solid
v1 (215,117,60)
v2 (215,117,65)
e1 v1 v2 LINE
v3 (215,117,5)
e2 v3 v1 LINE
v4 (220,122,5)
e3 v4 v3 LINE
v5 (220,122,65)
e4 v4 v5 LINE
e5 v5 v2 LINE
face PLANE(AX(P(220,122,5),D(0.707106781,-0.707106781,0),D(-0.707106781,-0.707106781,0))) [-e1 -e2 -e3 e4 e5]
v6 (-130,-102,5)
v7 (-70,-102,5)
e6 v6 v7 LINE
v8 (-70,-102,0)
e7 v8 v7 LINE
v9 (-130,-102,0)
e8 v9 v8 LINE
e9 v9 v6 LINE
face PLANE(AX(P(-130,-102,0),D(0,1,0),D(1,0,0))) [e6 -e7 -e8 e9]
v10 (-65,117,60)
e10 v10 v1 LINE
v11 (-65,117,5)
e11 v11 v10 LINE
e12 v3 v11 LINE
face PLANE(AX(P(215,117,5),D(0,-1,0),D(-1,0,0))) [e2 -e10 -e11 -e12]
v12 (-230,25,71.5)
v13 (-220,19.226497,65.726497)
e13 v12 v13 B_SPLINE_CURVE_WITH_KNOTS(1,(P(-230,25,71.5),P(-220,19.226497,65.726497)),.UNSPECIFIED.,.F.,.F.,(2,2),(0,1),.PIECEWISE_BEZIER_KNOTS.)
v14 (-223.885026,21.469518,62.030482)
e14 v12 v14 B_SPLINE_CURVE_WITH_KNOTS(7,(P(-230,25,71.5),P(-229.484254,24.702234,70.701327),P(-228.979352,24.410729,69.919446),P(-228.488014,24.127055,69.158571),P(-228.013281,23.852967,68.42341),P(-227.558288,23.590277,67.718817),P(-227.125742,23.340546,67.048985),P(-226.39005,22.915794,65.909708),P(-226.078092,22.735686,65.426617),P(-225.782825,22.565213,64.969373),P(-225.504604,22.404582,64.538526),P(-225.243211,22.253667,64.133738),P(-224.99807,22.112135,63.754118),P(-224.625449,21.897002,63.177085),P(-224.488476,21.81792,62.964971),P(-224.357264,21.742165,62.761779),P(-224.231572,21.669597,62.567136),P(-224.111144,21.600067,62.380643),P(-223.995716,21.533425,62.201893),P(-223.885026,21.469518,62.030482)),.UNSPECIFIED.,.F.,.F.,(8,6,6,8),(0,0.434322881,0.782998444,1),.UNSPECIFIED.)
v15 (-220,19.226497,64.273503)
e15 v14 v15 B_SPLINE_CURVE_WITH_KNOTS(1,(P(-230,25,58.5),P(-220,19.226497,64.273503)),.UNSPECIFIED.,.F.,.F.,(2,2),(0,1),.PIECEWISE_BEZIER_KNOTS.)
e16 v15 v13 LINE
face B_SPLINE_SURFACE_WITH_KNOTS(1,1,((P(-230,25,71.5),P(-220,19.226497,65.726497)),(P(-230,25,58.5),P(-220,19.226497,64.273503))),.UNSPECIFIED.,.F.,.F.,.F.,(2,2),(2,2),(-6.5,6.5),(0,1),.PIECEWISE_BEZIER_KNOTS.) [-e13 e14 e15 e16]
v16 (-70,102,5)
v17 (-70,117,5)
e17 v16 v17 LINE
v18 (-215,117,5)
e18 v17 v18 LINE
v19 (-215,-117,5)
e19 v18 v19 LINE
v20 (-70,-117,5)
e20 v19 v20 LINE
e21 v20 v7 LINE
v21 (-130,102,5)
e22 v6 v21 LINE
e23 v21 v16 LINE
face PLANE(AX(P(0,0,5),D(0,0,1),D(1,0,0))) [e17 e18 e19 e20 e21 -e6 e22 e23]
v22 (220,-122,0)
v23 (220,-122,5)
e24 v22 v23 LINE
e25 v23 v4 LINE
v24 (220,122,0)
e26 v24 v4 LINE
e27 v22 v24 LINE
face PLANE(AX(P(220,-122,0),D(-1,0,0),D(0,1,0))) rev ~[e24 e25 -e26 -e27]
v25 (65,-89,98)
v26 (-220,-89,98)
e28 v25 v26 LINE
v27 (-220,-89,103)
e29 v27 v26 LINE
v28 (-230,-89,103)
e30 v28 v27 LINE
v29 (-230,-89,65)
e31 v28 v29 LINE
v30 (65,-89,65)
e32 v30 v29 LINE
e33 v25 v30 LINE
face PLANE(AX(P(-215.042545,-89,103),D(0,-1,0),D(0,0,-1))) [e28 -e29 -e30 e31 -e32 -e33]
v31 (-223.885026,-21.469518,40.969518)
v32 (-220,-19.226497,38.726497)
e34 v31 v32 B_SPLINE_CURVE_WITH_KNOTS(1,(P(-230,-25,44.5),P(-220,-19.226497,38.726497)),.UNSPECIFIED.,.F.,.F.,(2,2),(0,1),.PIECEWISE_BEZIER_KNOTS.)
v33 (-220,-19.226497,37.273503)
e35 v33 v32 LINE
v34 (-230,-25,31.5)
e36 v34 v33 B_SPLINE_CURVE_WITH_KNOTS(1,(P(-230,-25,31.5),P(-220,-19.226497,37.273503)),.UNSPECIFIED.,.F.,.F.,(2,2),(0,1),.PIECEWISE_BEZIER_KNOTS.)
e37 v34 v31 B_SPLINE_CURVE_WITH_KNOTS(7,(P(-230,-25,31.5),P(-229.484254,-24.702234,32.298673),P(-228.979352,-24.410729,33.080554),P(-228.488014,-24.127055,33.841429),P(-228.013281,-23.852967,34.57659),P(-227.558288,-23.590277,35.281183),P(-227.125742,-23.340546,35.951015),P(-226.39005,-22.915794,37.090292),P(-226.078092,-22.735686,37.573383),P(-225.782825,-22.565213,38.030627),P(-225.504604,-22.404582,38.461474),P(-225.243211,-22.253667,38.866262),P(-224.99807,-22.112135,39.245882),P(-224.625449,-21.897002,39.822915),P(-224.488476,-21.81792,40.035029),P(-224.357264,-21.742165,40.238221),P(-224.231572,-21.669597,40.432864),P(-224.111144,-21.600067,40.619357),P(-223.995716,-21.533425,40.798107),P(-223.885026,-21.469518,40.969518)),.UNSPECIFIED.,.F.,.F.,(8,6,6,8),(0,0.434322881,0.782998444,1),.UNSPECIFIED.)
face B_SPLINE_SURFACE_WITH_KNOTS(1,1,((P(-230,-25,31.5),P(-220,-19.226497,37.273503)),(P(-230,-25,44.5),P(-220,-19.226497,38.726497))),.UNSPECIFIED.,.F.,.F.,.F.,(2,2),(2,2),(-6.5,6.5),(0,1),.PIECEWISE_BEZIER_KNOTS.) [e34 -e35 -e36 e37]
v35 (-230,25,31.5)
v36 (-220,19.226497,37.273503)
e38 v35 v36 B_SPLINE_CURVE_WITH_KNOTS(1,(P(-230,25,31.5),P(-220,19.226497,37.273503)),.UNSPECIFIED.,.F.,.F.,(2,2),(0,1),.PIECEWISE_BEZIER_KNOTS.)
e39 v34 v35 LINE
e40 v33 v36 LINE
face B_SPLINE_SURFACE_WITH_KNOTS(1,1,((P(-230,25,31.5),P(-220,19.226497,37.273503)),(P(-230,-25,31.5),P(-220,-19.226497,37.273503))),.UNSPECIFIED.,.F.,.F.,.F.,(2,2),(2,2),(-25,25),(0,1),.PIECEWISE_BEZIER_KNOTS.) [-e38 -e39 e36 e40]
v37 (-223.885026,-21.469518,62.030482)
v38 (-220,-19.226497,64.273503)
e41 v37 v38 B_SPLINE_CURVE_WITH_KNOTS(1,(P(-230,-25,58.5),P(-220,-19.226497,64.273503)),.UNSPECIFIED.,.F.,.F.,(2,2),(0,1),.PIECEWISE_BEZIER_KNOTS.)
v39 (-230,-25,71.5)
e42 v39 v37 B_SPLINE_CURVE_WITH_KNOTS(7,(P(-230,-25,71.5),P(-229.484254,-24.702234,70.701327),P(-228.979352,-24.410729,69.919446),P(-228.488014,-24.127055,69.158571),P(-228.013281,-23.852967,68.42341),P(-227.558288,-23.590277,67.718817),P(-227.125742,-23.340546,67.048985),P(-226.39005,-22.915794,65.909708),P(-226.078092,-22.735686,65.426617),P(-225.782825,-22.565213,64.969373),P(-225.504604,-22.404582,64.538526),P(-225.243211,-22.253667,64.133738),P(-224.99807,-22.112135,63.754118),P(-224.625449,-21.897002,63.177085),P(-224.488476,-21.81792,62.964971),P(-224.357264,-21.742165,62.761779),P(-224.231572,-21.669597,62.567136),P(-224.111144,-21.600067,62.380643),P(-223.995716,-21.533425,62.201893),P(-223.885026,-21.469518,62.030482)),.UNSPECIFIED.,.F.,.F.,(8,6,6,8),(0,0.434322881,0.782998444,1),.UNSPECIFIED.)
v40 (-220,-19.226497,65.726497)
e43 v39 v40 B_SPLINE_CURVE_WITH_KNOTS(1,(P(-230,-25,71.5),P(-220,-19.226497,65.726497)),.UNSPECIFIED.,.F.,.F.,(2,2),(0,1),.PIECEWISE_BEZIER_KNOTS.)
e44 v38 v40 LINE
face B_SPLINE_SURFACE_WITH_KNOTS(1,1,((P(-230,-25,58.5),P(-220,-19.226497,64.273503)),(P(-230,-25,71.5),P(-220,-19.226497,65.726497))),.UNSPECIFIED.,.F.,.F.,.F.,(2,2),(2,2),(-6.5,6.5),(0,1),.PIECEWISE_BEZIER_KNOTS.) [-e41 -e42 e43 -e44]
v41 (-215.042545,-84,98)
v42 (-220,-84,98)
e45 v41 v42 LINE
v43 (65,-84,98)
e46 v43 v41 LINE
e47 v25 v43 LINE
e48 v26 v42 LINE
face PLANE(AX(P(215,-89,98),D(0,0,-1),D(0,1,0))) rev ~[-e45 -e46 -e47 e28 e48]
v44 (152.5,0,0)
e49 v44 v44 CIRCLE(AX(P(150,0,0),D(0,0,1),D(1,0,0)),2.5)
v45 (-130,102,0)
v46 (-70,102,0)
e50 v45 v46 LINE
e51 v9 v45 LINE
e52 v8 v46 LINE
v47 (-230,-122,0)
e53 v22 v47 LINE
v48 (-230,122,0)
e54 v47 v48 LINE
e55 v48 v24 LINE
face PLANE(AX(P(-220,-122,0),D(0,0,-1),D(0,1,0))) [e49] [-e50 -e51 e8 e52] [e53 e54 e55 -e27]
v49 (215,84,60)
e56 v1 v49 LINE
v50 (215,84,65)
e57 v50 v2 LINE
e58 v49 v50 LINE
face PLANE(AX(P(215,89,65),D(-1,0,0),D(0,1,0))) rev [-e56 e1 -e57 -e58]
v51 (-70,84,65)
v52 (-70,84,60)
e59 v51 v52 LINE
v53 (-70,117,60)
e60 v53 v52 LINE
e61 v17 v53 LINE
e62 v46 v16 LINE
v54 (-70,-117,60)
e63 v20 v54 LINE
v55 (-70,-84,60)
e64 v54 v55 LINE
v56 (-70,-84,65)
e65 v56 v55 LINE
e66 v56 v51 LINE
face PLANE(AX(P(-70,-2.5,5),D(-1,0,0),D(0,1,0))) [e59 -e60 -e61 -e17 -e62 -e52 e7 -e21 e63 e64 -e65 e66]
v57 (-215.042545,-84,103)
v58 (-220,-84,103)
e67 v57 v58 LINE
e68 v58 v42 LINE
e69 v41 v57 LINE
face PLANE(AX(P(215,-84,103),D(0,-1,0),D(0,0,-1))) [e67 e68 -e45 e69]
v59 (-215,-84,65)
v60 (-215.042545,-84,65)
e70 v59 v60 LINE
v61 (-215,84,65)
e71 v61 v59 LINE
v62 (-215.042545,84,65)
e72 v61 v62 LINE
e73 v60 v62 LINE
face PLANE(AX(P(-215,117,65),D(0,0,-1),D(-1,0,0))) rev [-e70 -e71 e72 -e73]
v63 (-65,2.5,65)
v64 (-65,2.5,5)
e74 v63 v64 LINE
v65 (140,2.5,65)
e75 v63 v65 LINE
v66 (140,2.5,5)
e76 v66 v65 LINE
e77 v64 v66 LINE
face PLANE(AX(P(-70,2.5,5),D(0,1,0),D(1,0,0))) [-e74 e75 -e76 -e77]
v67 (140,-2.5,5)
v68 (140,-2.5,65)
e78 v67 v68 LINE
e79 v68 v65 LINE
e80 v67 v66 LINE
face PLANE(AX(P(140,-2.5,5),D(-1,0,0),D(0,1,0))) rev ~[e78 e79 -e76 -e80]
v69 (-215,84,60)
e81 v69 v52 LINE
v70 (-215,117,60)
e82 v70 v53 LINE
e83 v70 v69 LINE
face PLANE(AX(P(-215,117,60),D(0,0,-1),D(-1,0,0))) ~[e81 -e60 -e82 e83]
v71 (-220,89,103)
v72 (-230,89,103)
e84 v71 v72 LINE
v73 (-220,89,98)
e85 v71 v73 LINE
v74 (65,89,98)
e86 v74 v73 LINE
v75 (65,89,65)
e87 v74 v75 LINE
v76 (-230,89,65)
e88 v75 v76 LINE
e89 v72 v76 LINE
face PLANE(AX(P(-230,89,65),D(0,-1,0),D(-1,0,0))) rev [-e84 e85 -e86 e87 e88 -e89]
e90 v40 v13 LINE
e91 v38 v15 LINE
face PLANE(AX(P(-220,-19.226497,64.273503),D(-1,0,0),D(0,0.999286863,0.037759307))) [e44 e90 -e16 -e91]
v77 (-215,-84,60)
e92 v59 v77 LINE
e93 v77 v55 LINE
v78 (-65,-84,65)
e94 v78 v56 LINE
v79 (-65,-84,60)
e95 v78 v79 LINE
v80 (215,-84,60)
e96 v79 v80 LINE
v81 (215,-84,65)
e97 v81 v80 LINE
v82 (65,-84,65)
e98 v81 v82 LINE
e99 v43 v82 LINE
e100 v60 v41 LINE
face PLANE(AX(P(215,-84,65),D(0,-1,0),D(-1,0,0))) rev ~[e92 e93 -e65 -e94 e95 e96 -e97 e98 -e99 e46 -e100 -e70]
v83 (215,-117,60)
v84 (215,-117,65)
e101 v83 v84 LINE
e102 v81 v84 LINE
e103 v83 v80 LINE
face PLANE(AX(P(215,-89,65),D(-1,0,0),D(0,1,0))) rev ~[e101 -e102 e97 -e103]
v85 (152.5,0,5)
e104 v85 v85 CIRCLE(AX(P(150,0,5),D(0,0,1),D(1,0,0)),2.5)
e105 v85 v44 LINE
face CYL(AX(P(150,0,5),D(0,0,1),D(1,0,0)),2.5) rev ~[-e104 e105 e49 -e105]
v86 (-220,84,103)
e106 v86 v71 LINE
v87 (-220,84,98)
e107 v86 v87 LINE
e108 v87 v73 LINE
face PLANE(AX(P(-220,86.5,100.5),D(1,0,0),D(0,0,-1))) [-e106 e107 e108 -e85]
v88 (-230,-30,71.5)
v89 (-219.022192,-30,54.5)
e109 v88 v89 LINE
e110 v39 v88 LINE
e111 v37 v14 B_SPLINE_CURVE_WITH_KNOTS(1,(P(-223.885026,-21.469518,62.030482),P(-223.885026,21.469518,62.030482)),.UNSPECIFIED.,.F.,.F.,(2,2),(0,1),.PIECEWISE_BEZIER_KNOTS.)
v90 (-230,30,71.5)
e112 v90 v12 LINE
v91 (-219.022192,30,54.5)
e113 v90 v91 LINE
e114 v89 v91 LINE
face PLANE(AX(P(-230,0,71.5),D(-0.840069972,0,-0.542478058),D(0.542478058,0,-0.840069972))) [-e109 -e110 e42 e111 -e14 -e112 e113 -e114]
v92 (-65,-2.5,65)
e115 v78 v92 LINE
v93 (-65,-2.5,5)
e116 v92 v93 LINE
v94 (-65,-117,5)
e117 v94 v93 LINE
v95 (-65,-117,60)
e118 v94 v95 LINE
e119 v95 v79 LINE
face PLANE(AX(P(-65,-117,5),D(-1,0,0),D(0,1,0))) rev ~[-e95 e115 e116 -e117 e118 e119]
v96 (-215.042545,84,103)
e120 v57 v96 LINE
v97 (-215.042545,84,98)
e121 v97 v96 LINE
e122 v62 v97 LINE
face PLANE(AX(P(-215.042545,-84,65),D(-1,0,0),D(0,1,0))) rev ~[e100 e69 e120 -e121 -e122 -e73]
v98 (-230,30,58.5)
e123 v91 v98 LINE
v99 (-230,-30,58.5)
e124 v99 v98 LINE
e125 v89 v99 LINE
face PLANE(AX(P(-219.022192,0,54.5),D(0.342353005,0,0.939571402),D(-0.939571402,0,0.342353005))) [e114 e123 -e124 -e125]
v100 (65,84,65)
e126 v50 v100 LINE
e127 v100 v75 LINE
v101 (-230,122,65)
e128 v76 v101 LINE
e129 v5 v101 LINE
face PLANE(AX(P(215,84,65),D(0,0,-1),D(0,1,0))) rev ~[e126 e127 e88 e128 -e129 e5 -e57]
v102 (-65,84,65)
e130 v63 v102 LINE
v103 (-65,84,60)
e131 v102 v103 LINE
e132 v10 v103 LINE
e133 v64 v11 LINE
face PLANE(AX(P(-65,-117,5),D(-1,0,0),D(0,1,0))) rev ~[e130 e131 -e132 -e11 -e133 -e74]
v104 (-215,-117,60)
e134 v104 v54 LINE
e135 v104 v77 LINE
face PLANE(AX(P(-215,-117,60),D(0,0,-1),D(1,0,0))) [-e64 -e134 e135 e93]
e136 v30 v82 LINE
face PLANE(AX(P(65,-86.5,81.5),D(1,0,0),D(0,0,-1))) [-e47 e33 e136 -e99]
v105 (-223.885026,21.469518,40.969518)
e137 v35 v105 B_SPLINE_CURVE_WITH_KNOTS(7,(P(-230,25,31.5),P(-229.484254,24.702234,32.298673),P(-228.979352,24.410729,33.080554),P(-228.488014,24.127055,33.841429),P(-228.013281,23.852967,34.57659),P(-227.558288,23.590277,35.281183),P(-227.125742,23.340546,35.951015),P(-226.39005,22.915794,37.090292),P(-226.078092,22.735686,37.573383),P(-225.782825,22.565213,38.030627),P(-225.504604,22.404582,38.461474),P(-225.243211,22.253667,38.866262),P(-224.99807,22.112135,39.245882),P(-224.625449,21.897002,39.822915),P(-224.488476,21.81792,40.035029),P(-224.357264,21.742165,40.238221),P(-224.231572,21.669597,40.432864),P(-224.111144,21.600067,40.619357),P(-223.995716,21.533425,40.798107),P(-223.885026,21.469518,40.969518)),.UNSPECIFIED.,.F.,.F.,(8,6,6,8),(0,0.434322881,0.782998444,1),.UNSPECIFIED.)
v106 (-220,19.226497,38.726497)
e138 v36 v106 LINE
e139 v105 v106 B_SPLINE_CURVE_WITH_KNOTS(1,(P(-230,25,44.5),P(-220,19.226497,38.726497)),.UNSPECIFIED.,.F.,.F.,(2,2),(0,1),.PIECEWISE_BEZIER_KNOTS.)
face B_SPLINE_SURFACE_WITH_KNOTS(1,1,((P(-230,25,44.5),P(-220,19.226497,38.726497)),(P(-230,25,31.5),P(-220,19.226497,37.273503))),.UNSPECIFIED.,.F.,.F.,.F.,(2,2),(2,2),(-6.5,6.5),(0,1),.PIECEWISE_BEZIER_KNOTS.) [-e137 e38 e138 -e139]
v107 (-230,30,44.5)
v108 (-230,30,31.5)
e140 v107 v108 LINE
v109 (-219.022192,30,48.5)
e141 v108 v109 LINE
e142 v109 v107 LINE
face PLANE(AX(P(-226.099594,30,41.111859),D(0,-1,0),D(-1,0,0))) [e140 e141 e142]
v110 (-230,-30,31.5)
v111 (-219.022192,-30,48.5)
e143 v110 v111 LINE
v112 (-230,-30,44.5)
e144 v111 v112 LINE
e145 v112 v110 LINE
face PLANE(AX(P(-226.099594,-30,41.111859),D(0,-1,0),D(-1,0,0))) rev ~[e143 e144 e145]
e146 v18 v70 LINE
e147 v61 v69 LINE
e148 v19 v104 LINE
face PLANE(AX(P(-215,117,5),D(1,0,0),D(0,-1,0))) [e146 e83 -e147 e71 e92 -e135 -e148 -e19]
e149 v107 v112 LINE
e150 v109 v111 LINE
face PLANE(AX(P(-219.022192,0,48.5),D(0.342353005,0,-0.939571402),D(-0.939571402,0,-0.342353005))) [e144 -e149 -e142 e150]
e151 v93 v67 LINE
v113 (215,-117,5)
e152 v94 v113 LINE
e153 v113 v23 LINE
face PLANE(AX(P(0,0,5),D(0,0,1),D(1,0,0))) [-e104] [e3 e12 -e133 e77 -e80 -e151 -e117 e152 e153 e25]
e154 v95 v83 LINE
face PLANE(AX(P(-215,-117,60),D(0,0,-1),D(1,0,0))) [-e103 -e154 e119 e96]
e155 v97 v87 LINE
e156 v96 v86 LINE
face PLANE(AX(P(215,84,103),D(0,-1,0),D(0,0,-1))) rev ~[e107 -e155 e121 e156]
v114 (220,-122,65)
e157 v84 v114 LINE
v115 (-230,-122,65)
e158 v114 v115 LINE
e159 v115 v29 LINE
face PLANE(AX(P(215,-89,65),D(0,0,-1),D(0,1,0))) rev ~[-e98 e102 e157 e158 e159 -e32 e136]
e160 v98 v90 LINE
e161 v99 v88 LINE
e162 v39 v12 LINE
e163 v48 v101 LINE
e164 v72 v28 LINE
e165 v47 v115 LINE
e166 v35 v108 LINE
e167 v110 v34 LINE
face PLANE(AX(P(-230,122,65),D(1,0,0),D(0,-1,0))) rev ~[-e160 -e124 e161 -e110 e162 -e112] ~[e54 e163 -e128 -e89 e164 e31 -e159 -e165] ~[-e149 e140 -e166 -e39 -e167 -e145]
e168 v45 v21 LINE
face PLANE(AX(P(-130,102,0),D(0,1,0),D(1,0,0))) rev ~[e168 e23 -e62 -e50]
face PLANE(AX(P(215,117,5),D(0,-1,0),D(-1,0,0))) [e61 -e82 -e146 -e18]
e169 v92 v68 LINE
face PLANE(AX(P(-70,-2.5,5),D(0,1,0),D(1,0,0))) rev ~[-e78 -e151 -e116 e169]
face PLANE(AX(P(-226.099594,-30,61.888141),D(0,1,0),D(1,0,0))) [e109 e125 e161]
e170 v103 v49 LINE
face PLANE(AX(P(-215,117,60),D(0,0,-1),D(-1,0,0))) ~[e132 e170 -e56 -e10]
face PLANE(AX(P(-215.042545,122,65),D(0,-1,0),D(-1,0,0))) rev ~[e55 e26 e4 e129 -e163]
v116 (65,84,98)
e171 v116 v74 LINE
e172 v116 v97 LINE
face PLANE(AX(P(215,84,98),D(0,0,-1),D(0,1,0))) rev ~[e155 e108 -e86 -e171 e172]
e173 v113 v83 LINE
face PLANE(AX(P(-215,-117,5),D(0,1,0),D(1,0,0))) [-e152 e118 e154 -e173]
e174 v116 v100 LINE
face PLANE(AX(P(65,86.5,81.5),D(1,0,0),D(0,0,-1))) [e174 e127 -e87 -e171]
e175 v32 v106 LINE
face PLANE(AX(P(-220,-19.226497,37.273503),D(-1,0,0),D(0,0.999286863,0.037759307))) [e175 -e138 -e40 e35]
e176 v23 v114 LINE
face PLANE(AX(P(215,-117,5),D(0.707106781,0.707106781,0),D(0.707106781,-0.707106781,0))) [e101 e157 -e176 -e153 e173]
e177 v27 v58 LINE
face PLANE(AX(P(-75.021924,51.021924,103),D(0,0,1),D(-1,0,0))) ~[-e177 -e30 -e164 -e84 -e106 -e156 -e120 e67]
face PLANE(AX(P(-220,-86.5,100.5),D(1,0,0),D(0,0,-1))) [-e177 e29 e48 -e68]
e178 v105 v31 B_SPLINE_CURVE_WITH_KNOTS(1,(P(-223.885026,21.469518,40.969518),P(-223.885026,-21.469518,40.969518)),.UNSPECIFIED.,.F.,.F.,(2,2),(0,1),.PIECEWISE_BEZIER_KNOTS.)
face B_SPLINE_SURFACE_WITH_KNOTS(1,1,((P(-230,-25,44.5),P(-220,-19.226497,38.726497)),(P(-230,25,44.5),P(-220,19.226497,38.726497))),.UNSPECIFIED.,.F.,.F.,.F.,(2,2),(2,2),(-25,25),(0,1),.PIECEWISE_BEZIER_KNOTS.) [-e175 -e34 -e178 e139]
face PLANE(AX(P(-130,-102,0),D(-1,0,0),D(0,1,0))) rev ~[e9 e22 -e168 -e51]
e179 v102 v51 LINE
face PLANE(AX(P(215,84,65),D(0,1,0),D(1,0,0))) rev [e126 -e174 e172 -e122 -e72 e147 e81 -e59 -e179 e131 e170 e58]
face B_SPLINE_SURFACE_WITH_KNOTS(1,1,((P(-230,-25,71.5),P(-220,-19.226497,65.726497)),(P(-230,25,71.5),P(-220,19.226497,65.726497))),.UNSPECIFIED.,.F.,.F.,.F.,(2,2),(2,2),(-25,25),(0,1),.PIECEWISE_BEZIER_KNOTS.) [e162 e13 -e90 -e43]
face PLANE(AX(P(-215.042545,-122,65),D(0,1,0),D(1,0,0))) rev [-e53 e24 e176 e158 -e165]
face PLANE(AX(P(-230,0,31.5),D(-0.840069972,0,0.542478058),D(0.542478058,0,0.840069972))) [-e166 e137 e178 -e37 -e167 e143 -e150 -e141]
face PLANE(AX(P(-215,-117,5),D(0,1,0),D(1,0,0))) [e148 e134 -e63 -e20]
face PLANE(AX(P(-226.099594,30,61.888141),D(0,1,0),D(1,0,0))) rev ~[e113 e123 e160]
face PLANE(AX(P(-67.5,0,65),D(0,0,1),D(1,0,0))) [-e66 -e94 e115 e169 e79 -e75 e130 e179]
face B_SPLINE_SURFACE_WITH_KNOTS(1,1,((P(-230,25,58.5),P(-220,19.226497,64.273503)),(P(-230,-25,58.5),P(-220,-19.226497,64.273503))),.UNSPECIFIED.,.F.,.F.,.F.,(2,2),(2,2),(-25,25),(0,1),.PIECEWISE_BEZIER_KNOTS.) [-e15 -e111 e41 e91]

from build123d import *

# Parameters (mm, degrees)
SKETCH1_W           = 440
SKETCH1_H           = 244
SKETCH1_W_2         = 60
SKETCH1_H_2         = 204
BOSS_EXTRUDE1_DEPTH = 5
BOSS_EXTRUDE2_DEPTH = 60
SKETCH3_W           = 65
SKETCH3_H           = 244
BOSS_EXTRUDE3_DEPTH = 10
SKETCH9_W           = 430
SKETCH9_H           = 5
BOSS_EXTRUDE6_DEPTH = 33
BOSS_EXTRUDE7_DEPTH = 38
SKETCH11_W          = 38
SKETCH11_H          = 33
CUT_EXTRUDE3_DEPTH  = 38
SKETCH12_W          = 13
SKETCH12_H          = 50
CUT_EXTRUDE4_DEPTH  = 10
CUT_EXTRUDE4_TAPER  = 30
CUT_EXTRUDE6_DEPTH  = 30
SKETCH16_W          = 5
SKETCH16_H          = 5
CUT_EXTRUDE7_DEPTH  = 435
SKETCH17_W          = 5
SKETCH17_H          = 234
BOSS_EXTRUDE8_DEPTH = 60
SKETCH18_W          = 210
SKETCH18_H          = 5
BOSS_EXTRUDE9_DEPTH = 60
SKETCH19_R          = 2.5
CUT_EXTRUDE8_DEPTH  = 50
SKETCH22_W          = 33
SKETCH22_H          = 5
CUT_EXTRUDE10_DEPTH = 150


with BuildPart() as part:
    # Sketch1 → Boss-Extrude1 (new body)
    with BuildSketch(Plane.XY):
        Rectangle(SKETCH1_W, SKETCH1_H)
        with Locations((-100, 0)):
            Rectangle(SKETCH1_W_2, SKETCH1_H_2, mode=Mode.SUBTRACT)
    extrude(amount=BOSS_EXTRUDE1_DEPTH)

    # Sketch2 → Boss-Extrude2 (add)
    with BuildSketch(Plane.XY.offset(5)):
        Polygon((-215, -117), (215, -117), (220, -122), (-220, -122), (-220, 122), (220, 122), (215, 117), (-215, 117), align=None)
    extrude(amount=BOSS_EXTRUDE2_DEPTH)

    # Sketch3 → Boss-Extrude3 (add)
    with BuildSketch(Plane.ZY.offset(220)):
        with Locations((32.5, 0)):
            Rectangle(SKETCH3_W, SKETCH3_H)
    extrude(amount=BOSS_EXTRUDE3_DEPTH)

    # Sketch9 → Boss-Extrude6 (add)
    with BuildSketch(Plane(origin=(0, -117, 0), x_dir=(1, 0, 0), z_dir=(0, 1, 0))):
        with Locations((0, -62.5)):
            Rectangle(SKETCH9_W, SKETCH9_H)
    boss_extrude6 = extrude(amount=BOSS_EXTRUDE6_DEPTH)

    # Sketch10 → Boss-Extrude7 (add)
    with BuildSketch(Plane.XY.offset(65)):
        Polygon((215, -84), (-215.042545238, -84), (-215.042545238, 122), (-230, 122), (-230, -89), (-215.042545238, -89), (215, -89), align=None)
    boss_extrude7 = extrude(amount=BOSS_EXTRUDE7_DEPTH)

    # Mirror4: Boss-Extrude6, Boss-Extrude7 across plane
    add(boss_extrude6.mirror(Plane.ZX))
    add(boss_extrude7.mirror(Plane.ZX))

    # Sketch11 → Cut-Extrude3 (cut)
    with BuildSketch(Plane(origin=(-215.042545238, 0, 0), x_dir=(0, 0, -1), z_dir=(1, 0, 0))):
        with Locations((-84, 105.5)):
            Rectangle(SKETCH11_W, SKETCH11_H)
        with Locations((-84, -105.5)):
            Rectangle(SKETCH11_W, SKETCH11_H)
    extrude(amount=-CUT_EXTRUDE3_DEPTH, mode=Mode.SUBTRACT)

    # Sketch12 → Cut-Extrude4 (cut)
    with BuildSketch(Plane.ZY.offset(230)):
        with Locations((38, 0)):
            Rectangle(SKETCH12_W, SKETCH12_H)
        with Locations((65, 0)):
            Rectangle(SKETCH12_W, SKETCH12_H)
    extrude(amount=-CUT_EXTRUDE4_DEPTH, taper=CUT_EXTRUDE4_TAPER, mode=Mode.SUBTRACT)

    # Sketch14 → Cut-Extrude6 (cut, symmetric)
    with BuildSketch(Plane(origin=(0, 0, 0), x_dir=(1, 0, 0), z_dir=(0, 1, 0))):
        Polygon((-230, -71.5), (-219.022191852, -54.5), (-230, -58.5), align=None)
        Polygon((-230, -31.5), (-219.022191852, -48.5), (-230, -44.5), align=None)
    extrude(amount=CUT_EXTRUDE6_DEPTH, both=True, mode=Mode.SUBTRACT)

    # Sketch16 → Cut-Extrude7 (cut)
    with BuildSketch(Plane(origin=(215, 0, 0), x_dir=(0, 0, -1), z_dir=(1, 0, 0))):
        with Locations((-100.5, -86.5)):
            Rectangle(SKETCH16_W, SKETCH16_H)
        with Locations((-100.5, 86.5)):
            Rectangle(SKETCH16_W, SKETCH16_H)
    extrude(amount=-CUT_EXTRUDE7_DEPTH, mode=Mode.SUBTRACT)

    # Sketch17 → Boss-Extrude8 (add)
    with BuildSketch(Plane.XY.offset(5)):
        with Locations((-67.5, 0)):
            Rectangle(SKETCH17_W, SKETCH17_H)
    extrude(amount=BOSS_EXTRUDE8_DEPTH)

    # Sketch18 → Boss-Extrude9 (add)
    with BuildSketch(Plane.XY.offset(5)):
        with Locations((35, 0)):
            Rectangle(SKETCH18_W, SKETCH18_H)
    extrude(amount=BOSS_EXTRUDE9_DEPTH)

    # Sketch19 → Cut-Extrude8 (cut)
    with BuildSketch(Plane.XY.offset(5)):
        with Locations((150, 0)):
            Circle(SKETCH19_R)
    extrude(amount=-CUT_EXTRUDE8_DEPTH, mode=Mode.SUBTRACT)

    # Sketch22 → Cut-Extrude10 (cut)
    with BuildSketch(Plane(origin=(215, 0, 0), x_dir=(0, 0, -1), z_dir=(1, 0, 0))):
        with Locations((-81.5, -86.5)):
            Rectangle(SKETCH22_W, SKETCH22_H)
        with Locations((-81.5, 86.5)):
            Rectangle(SKETCH22_W, SKETCH22_H)
    extrude(amount=-CUT_EXTRUDE10_DEPTH, mode=Mode.SUBTRACT)


solid = part.part
